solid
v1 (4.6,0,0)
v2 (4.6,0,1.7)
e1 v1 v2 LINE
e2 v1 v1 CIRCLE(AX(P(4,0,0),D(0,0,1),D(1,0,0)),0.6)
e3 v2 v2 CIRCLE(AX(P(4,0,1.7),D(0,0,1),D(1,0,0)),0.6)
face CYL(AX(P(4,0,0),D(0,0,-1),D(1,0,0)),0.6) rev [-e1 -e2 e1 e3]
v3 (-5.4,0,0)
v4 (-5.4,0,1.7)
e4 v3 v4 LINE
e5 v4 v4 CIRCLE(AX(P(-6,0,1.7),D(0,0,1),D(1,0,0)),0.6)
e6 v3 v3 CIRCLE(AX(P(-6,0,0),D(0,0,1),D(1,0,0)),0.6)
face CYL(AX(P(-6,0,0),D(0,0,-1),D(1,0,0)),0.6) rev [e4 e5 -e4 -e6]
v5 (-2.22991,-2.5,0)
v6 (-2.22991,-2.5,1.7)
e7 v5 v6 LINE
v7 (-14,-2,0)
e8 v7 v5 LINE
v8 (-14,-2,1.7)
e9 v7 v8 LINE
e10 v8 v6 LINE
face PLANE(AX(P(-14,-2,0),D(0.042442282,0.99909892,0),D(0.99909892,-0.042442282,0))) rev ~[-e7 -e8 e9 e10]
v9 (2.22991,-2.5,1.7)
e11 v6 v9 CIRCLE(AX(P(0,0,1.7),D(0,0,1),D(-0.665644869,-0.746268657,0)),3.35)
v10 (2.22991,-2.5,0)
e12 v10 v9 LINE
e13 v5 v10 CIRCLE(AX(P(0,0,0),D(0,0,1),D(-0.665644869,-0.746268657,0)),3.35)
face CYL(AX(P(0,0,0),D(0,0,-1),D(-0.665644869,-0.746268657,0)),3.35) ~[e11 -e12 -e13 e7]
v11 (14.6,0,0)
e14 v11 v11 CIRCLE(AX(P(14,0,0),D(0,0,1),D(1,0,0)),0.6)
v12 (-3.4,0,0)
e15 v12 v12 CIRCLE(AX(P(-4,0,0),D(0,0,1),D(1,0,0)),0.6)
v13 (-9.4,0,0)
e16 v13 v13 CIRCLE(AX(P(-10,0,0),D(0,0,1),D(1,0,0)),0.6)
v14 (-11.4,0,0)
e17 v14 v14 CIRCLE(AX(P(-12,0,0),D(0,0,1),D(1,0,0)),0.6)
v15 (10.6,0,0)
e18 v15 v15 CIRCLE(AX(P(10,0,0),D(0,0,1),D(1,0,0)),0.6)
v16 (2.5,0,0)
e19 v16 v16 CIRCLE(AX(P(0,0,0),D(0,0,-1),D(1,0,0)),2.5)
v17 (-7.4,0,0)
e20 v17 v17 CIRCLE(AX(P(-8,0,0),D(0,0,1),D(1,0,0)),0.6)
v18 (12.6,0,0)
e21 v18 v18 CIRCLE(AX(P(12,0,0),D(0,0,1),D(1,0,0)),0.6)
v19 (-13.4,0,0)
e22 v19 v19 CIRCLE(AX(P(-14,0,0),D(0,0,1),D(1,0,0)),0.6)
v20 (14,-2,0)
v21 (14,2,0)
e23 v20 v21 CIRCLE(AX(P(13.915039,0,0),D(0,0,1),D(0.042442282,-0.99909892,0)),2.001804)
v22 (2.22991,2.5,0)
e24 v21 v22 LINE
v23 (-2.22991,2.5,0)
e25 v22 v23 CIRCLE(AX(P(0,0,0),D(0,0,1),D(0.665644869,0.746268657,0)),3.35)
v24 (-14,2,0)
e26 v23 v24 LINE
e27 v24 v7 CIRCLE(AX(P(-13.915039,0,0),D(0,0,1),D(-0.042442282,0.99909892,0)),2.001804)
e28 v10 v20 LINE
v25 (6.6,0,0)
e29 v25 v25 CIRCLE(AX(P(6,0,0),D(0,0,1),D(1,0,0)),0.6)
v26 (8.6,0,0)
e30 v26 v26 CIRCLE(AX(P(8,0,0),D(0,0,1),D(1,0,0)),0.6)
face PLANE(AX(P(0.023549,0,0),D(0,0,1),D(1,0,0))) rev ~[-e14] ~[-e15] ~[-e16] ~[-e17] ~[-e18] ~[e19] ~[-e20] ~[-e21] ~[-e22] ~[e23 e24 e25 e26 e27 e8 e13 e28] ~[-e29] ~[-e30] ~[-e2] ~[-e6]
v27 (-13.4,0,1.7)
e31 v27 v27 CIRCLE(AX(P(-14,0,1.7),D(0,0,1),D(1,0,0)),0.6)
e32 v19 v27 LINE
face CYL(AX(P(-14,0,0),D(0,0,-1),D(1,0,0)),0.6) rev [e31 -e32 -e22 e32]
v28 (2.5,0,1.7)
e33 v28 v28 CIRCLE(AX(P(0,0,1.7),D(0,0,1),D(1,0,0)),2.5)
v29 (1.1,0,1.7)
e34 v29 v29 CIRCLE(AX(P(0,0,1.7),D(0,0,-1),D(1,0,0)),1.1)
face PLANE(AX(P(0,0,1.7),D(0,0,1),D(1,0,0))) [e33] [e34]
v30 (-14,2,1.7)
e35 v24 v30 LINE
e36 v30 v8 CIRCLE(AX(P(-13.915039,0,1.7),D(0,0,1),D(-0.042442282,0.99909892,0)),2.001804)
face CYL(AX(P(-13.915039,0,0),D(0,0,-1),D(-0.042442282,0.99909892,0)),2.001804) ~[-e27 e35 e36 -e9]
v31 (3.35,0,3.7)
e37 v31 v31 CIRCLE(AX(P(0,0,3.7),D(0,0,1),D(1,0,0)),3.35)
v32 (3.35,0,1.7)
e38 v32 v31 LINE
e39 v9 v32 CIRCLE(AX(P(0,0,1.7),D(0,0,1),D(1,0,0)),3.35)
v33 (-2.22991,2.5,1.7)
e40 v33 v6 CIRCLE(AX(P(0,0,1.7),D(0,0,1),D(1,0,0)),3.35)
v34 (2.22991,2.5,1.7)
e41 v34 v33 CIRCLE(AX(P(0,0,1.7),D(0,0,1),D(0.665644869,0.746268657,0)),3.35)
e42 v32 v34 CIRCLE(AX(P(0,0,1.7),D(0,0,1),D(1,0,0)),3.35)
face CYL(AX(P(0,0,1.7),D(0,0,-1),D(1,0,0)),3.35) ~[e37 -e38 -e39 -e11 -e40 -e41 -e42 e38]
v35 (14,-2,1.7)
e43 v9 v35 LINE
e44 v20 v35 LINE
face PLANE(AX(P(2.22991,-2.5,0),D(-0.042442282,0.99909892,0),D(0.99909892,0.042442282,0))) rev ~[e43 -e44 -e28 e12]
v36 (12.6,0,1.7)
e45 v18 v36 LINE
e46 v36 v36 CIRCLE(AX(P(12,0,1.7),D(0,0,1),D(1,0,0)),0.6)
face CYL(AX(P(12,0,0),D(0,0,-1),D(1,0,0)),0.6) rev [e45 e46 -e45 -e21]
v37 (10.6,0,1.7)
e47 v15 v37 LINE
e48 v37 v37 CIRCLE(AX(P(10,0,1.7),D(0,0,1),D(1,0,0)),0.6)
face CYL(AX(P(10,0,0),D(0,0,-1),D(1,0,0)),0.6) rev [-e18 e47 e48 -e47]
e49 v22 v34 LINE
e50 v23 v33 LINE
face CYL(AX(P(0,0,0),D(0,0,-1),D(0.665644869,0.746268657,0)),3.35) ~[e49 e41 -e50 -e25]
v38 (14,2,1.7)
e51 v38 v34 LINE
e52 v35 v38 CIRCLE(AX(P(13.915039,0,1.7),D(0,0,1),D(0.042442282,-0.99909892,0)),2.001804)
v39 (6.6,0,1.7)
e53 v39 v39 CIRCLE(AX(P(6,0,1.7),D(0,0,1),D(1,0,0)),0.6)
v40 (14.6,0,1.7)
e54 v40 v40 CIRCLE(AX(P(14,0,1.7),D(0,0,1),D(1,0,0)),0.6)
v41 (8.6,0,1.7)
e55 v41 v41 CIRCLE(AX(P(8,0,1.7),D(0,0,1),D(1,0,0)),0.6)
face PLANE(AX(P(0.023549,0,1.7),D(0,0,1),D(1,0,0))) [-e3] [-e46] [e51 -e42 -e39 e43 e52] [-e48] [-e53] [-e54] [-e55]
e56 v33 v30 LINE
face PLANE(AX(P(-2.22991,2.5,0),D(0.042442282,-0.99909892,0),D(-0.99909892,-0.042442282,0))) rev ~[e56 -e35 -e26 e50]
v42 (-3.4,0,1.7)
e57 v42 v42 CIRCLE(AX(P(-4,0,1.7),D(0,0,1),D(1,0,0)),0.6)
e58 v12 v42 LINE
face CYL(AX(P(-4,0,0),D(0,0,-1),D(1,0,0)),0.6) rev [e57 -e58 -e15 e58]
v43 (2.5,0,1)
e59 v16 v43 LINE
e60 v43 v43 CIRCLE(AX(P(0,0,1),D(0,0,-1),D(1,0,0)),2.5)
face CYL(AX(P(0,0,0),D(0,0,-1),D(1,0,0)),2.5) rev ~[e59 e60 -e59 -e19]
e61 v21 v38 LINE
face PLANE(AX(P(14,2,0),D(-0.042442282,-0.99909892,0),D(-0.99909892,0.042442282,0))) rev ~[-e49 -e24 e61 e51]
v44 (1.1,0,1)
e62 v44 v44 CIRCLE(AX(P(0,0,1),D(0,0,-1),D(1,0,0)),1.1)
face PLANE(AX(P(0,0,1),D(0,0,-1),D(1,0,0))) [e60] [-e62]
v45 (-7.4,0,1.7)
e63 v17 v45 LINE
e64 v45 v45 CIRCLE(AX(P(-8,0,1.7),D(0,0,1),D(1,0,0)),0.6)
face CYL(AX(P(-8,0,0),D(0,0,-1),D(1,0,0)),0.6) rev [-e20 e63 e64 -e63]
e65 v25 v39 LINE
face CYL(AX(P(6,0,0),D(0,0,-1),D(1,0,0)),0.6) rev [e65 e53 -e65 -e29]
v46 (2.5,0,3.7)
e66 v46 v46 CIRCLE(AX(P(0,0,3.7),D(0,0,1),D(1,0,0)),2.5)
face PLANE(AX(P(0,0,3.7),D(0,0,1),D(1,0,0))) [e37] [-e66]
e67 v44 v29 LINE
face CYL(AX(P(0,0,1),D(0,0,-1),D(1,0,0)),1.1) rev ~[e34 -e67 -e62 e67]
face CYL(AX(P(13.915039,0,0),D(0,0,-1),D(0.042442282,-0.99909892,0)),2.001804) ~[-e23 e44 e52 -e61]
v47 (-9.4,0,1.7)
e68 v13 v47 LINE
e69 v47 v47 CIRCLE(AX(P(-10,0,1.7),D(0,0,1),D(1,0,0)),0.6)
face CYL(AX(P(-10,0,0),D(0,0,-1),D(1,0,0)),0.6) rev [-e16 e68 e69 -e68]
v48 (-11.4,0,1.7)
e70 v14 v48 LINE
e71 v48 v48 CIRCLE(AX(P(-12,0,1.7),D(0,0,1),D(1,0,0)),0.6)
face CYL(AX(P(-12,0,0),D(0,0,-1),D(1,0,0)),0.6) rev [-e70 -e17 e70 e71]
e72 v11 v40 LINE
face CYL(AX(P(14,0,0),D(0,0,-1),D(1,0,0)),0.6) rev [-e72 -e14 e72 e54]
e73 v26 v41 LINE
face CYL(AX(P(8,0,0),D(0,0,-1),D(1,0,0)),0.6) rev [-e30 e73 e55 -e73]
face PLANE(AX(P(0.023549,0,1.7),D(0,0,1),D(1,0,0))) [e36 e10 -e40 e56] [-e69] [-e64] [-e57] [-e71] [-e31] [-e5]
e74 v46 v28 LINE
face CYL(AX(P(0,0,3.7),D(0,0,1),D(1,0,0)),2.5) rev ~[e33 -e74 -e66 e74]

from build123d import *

# Parameters (mm, degrees)
F0_R     = 0.6
F1_DEPTH = 1.7
F2_R     = 3.35
F3_DEPTH = 2
F4_R     = 2.5
F5_DEPTH = 1
F6_R     = 1.1
F7_DEPTH = 2.701
F8_R     = 2.5
F9_DEPTH = 2


with BuildPart() as f1:
    # F0 (on Top) → F1 (new body)
    with BuildSketch(Plane.XY):
        with BuildLine():
            ThreePointArc((2.2299103121, -2.5), (3.057180036, -1.369726333), (3.35, 0))
            ThreePointArc((3.35, 0), (3.057180036, 1.369726333), (2.2299103121, 2.5))
            ThreePointArc((2.2299103121, 2.5), (0, 3.35), (-2.2299103121, 2.5))
            ThreePointArc((-2.2299103121, 2.5), (-3.35, 0), (-2.2299103121, -2.5))
            ThreePointArc((-2.2299103121, -2.5), (0, -3.35), (2.2299103121, -2.5))
        make_face()
        with BuildLine():
            ThreePointArc((2.2299103121, 2.5), (3.057180036, 1.369726333), (3.35, 0))
            ThreePointArc((3.35, 0), (3.057180036, -1.369726333), (2.2299103121, -2.5))
            Line((2.2299103121, -2.5), (14, -2))
            ThreePointArc((14, -2), (15.9168426648, 0), (14, 2))
            Line((14, 2), (2.2299103121, 2.5))
        make_face()
        with Locations((4, 0)):
            Circle(F0_R, mode=Mode.SUBTRACT)
        with Locations((6, 0)):
            Circle(F0_R, mode=Mode.SUBTRACT)
        with Locations((8, 0)):
            Circle(F0_R, mode=Mode.SUBTRACT)
        with Locations((10, 0)):
            Circle(F0_R, mode=Mode.SUBTRACT)
        with Locations((12, 0)):
            Circle(F0_R, mode=Mode.SUBTRACT)
        with Locations((14, 0)):
            Circle(F0_R, mode=Mode.SUBTRACT)
        with BuildLine():
            ThreePointArc((-2.2299103121, -2.5), (-3.35, 0), (-2.2299103121, 2.5))
            Line((-2.2299103121, 2.5), (-14, 2))
            ThreePointArc((-14, 2), (-15.9168426648, 0), (-14, -2))
            Line((-14, -2), (-2.2299103121, -2.5))
        make_face()
        with Locations((-14, 0)):
            Circle(F0_R, mode=Mode.SUBTRACT)
        with Locations((-12, 0)):
            Circle(F0_R, mode=Mode.SUBTRACT)
        with Locations((-10, 0)):
            Circle(F0_R, mode=Mode.SUBTRACT)
        with Locations((-8, 0)):
            Circle(F0_R, mode=Mode.SUBTRACT)
        with Locations((-6, 0)):
            Circle(F0_R, mode=Mode.SUBTRACT)
        with Locations((-4, 0)):
            Circle(F0_R, mode=Mode.SUBTRACT)
    extrude(amount=F1_DEPTH)

    # F2 (on face) → F3 (join)
    with BuildSketch(Plane.XY.offset(1.7)):
        Circle(F2_R)
    extrude(amount=F3_DEPTH)

    # F4 (on face) → F5 (cut)
    with BuildSketch(Plane(origin=(0, 0, 0), x_dir=(1, 0, 0), z_dir=(0, 0, -1))):
        Circle(F4_R)
    extrude(amount=-F5_DEPTH, mode=Mode.SUBTRACT)

    # F6 (on face) → F7 (cut, through all)
    with BuildSketch(Plane(origin=(0, 0, 1), x_dir=(1, 0, 0), z_dir=(0, 0, -1))):
        Circle(F6_R)
    extrude(amount=-F7_DEPTH, mode=Mode.SUBTRACT)

    # F8 (on face) → F9 (cut)
    with BuildSketch(Plane.XY.offset(3.7)):
        Circle(F8_R)
    extrude(amount=-F9_DEPTH, mode=Mode.SUBTRACT)


solid = f1.part
